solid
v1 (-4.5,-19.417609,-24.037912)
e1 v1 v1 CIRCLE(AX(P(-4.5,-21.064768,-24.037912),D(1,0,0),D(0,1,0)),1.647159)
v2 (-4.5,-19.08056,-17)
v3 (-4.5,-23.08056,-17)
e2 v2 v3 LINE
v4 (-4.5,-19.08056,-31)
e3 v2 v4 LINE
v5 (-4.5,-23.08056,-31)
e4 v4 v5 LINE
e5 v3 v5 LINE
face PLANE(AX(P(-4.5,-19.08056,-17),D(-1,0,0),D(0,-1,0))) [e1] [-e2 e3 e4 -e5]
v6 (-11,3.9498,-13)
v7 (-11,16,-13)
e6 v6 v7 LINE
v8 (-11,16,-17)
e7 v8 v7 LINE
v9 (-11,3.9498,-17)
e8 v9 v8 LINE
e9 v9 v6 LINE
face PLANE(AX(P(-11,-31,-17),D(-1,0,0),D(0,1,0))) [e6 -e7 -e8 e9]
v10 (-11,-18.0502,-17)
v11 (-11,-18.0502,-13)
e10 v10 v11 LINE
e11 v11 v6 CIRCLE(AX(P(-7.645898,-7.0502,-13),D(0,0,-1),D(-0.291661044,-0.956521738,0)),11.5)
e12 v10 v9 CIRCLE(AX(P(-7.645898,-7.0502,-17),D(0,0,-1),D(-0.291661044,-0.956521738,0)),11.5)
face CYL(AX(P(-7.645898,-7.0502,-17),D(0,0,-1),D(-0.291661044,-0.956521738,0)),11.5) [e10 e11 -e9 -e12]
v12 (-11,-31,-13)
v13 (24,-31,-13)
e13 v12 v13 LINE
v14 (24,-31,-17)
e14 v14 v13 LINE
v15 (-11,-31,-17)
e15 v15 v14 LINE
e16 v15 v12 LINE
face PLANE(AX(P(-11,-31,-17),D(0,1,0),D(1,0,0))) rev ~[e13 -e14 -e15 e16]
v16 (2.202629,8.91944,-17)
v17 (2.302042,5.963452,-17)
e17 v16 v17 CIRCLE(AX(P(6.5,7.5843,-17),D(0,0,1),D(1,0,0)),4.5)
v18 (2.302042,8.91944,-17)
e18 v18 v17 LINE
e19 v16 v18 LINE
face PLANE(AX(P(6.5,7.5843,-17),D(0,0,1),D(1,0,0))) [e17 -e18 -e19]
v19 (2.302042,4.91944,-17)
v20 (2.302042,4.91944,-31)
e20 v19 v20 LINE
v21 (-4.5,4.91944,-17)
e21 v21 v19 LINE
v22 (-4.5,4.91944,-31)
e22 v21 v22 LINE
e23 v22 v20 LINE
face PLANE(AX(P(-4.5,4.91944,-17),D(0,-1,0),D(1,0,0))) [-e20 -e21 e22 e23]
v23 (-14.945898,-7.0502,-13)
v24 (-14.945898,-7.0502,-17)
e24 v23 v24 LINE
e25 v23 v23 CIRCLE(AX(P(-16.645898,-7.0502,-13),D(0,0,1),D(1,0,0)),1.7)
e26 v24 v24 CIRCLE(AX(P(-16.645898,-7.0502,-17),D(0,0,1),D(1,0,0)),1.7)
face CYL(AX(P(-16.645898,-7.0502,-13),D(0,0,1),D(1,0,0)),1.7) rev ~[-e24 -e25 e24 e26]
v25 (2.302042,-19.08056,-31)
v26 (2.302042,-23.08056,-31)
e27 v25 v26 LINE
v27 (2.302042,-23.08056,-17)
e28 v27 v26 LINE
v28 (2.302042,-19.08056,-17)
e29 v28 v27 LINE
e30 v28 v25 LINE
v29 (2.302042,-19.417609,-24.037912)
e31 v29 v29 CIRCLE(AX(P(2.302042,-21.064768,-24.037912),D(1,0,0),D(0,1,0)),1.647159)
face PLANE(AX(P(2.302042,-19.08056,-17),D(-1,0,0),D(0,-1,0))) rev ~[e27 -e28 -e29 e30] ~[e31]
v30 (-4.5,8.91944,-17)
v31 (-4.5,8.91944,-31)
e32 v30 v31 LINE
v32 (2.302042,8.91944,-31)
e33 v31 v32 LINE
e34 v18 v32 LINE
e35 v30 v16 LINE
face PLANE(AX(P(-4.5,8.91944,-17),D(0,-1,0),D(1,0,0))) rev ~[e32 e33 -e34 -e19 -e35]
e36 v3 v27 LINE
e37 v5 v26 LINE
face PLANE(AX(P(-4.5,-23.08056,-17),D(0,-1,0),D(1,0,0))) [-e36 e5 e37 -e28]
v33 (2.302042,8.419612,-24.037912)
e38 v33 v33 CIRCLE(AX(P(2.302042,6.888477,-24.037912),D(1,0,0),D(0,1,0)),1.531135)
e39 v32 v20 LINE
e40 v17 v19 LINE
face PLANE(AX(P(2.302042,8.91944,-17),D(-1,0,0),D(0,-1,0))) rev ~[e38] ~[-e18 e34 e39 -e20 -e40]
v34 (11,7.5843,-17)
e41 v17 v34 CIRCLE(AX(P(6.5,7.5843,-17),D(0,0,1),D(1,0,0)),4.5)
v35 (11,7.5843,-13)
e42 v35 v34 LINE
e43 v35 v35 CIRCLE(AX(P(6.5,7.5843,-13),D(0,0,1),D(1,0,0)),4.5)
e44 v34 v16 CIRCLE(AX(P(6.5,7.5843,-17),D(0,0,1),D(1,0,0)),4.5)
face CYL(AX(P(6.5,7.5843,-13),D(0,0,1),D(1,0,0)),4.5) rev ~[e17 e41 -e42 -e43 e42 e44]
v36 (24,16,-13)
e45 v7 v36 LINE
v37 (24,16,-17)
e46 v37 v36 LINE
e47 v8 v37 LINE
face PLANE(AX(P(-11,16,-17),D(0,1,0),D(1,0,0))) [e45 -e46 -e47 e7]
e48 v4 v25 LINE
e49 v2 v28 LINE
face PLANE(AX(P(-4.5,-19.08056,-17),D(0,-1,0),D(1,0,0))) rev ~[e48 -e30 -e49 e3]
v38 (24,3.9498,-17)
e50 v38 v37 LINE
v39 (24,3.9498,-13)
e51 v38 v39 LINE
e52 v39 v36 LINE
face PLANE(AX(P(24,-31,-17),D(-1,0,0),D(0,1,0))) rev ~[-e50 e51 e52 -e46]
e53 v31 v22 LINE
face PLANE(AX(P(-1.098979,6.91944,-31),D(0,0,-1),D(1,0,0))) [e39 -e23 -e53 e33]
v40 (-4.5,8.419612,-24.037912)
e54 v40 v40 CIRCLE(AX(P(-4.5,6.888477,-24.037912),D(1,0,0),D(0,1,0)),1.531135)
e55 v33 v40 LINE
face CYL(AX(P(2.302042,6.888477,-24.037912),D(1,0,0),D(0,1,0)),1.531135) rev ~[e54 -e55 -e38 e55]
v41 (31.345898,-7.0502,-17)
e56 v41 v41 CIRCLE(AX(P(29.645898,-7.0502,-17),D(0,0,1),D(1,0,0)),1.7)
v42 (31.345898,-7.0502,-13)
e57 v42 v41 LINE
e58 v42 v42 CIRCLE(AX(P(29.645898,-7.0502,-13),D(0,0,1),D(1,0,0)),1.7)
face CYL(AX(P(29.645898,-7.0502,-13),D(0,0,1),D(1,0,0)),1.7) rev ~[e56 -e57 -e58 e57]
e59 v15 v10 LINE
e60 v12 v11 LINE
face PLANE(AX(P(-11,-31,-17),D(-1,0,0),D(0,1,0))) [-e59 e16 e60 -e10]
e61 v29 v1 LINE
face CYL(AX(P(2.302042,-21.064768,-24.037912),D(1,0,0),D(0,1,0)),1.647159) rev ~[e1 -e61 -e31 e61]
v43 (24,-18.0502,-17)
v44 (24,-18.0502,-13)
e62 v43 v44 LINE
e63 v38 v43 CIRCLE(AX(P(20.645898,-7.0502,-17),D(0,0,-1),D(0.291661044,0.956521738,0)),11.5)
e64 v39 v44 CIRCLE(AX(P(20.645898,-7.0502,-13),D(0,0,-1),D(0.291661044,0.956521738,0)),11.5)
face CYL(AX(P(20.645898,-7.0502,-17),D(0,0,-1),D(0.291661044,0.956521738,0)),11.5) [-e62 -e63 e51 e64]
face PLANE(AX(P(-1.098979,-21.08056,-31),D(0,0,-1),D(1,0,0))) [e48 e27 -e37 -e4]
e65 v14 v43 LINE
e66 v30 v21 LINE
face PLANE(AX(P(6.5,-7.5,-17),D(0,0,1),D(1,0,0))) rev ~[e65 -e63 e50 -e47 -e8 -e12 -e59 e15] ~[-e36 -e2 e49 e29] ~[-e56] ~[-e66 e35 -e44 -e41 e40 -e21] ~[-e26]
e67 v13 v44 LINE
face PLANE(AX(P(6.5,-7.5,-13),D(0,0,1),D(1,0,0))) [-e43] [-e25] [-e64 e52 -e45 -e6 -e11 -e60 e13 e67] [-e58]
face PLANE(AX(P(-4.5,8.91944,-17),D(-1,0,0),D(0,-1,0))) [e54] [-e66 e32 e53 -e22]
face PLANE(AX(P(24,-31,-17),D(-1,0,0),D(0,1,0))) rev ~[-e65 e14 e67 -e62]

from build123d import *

# Parameters (mm, degrees)
BOX001_W        = 35
BOX001_H        = 47
BOX001_DEPTH    = 4
SKETCH006_W     = 6.802042
SKETCH006_H     = 4
PAD003_DEPTH    = 14
SKETCH007_R     = 1.647159
SKETCH007_R_2   = 1.531135
POCKET003_DEPTH = 7
PAD004_DEPTH    = 4
SKETCH009_R     = 4.5
SKETCH009_R_2   = 1.7
POCKET004_DEPTH = 4


with BuildPart() as part:
    # Box001 → Box001 (new body)
    with BuildSketch(Plane(origin=(-11, -31, -17), x_dir=(1, 0, 0), z_dir=(0, 0, 1))):
        with Locations((17.5, 23.5)):
            Rectangle(BOX001_W, BOX001_H)
    extrude(amount=BOX001_DEPTH)

    # Sketch006 → Pad003 (new body)
    with BuildSketch(Plane(origin=(-11, -31, -17), x_dir=(1, 0, 0), z_dir=(0, 0, -1))):
        with Locations((9.901021, -9.91944)):
            Rectangle(SKETCH006_W, SKETCH006_H)
        with Locations((9.901021, -37.91944)):
            Rectangle(SKETCH006_W, SKETCH006_H)
    extrude(amount=PAD003_DEPTH)

    # Sketch007 → Pocket003 (cut)
    with BuildSketch(Plane(origin=(2.302042, -31, -17), x_dir=(0, 1, 0), z_dir=(1, 0, 0))):
        with Locations((9.935232, -7.037912)):
            Circle(SKETCH007_R)
        with Locations((37.888477, -7.037912)):
            Circle(SKETCH007_R_2)
    extrude(amount=-POCKET003_DEPTH, mode=Mode.SUBTRACT)

    # Sketch008 → Pad004 (new body)
    with BuildSketch(Plane(origin=(-11, -31, -17), x_dir=(1, 0, 0), z_dir=(0, 0, -1))):
        with BuildLine():
            ThreePointArc((35, -34.9498), (43.145898, -23.9498), (35, -12.9498))
            Line((35, -12.9498), (35, -34.9498))
        make_face()
        with BuildLine():
            ThreePointArc((0, -12.9498), (-8.145898, -23.9498), (0, -34.9498))
            Line((0, -12.9498), (0, -34.9498))
        make_face()
    extrude(amount=-PAD004_DEPTH)

    # Sketch009 → Pocket004 (cut)
    with BuildSketch(Plane(origin=(-11, -31, -13), x_dir=(1, 0, 0), z_dir=(0, 0, 1))):
        with Locations((17.5, 38.5843)):
            Circle(SKETCH009_R)
        with Locations((-5.645898, 23.9498)):
            Circle(SKETCH009_R_2)
        with Locations((40.645898, 23.9498)):
            Circle(SKETCH009_R_2)
    extrude(amount=-POCKET004_DEPTH, mode=Mode.SUBTRACT)


solid = part.part
